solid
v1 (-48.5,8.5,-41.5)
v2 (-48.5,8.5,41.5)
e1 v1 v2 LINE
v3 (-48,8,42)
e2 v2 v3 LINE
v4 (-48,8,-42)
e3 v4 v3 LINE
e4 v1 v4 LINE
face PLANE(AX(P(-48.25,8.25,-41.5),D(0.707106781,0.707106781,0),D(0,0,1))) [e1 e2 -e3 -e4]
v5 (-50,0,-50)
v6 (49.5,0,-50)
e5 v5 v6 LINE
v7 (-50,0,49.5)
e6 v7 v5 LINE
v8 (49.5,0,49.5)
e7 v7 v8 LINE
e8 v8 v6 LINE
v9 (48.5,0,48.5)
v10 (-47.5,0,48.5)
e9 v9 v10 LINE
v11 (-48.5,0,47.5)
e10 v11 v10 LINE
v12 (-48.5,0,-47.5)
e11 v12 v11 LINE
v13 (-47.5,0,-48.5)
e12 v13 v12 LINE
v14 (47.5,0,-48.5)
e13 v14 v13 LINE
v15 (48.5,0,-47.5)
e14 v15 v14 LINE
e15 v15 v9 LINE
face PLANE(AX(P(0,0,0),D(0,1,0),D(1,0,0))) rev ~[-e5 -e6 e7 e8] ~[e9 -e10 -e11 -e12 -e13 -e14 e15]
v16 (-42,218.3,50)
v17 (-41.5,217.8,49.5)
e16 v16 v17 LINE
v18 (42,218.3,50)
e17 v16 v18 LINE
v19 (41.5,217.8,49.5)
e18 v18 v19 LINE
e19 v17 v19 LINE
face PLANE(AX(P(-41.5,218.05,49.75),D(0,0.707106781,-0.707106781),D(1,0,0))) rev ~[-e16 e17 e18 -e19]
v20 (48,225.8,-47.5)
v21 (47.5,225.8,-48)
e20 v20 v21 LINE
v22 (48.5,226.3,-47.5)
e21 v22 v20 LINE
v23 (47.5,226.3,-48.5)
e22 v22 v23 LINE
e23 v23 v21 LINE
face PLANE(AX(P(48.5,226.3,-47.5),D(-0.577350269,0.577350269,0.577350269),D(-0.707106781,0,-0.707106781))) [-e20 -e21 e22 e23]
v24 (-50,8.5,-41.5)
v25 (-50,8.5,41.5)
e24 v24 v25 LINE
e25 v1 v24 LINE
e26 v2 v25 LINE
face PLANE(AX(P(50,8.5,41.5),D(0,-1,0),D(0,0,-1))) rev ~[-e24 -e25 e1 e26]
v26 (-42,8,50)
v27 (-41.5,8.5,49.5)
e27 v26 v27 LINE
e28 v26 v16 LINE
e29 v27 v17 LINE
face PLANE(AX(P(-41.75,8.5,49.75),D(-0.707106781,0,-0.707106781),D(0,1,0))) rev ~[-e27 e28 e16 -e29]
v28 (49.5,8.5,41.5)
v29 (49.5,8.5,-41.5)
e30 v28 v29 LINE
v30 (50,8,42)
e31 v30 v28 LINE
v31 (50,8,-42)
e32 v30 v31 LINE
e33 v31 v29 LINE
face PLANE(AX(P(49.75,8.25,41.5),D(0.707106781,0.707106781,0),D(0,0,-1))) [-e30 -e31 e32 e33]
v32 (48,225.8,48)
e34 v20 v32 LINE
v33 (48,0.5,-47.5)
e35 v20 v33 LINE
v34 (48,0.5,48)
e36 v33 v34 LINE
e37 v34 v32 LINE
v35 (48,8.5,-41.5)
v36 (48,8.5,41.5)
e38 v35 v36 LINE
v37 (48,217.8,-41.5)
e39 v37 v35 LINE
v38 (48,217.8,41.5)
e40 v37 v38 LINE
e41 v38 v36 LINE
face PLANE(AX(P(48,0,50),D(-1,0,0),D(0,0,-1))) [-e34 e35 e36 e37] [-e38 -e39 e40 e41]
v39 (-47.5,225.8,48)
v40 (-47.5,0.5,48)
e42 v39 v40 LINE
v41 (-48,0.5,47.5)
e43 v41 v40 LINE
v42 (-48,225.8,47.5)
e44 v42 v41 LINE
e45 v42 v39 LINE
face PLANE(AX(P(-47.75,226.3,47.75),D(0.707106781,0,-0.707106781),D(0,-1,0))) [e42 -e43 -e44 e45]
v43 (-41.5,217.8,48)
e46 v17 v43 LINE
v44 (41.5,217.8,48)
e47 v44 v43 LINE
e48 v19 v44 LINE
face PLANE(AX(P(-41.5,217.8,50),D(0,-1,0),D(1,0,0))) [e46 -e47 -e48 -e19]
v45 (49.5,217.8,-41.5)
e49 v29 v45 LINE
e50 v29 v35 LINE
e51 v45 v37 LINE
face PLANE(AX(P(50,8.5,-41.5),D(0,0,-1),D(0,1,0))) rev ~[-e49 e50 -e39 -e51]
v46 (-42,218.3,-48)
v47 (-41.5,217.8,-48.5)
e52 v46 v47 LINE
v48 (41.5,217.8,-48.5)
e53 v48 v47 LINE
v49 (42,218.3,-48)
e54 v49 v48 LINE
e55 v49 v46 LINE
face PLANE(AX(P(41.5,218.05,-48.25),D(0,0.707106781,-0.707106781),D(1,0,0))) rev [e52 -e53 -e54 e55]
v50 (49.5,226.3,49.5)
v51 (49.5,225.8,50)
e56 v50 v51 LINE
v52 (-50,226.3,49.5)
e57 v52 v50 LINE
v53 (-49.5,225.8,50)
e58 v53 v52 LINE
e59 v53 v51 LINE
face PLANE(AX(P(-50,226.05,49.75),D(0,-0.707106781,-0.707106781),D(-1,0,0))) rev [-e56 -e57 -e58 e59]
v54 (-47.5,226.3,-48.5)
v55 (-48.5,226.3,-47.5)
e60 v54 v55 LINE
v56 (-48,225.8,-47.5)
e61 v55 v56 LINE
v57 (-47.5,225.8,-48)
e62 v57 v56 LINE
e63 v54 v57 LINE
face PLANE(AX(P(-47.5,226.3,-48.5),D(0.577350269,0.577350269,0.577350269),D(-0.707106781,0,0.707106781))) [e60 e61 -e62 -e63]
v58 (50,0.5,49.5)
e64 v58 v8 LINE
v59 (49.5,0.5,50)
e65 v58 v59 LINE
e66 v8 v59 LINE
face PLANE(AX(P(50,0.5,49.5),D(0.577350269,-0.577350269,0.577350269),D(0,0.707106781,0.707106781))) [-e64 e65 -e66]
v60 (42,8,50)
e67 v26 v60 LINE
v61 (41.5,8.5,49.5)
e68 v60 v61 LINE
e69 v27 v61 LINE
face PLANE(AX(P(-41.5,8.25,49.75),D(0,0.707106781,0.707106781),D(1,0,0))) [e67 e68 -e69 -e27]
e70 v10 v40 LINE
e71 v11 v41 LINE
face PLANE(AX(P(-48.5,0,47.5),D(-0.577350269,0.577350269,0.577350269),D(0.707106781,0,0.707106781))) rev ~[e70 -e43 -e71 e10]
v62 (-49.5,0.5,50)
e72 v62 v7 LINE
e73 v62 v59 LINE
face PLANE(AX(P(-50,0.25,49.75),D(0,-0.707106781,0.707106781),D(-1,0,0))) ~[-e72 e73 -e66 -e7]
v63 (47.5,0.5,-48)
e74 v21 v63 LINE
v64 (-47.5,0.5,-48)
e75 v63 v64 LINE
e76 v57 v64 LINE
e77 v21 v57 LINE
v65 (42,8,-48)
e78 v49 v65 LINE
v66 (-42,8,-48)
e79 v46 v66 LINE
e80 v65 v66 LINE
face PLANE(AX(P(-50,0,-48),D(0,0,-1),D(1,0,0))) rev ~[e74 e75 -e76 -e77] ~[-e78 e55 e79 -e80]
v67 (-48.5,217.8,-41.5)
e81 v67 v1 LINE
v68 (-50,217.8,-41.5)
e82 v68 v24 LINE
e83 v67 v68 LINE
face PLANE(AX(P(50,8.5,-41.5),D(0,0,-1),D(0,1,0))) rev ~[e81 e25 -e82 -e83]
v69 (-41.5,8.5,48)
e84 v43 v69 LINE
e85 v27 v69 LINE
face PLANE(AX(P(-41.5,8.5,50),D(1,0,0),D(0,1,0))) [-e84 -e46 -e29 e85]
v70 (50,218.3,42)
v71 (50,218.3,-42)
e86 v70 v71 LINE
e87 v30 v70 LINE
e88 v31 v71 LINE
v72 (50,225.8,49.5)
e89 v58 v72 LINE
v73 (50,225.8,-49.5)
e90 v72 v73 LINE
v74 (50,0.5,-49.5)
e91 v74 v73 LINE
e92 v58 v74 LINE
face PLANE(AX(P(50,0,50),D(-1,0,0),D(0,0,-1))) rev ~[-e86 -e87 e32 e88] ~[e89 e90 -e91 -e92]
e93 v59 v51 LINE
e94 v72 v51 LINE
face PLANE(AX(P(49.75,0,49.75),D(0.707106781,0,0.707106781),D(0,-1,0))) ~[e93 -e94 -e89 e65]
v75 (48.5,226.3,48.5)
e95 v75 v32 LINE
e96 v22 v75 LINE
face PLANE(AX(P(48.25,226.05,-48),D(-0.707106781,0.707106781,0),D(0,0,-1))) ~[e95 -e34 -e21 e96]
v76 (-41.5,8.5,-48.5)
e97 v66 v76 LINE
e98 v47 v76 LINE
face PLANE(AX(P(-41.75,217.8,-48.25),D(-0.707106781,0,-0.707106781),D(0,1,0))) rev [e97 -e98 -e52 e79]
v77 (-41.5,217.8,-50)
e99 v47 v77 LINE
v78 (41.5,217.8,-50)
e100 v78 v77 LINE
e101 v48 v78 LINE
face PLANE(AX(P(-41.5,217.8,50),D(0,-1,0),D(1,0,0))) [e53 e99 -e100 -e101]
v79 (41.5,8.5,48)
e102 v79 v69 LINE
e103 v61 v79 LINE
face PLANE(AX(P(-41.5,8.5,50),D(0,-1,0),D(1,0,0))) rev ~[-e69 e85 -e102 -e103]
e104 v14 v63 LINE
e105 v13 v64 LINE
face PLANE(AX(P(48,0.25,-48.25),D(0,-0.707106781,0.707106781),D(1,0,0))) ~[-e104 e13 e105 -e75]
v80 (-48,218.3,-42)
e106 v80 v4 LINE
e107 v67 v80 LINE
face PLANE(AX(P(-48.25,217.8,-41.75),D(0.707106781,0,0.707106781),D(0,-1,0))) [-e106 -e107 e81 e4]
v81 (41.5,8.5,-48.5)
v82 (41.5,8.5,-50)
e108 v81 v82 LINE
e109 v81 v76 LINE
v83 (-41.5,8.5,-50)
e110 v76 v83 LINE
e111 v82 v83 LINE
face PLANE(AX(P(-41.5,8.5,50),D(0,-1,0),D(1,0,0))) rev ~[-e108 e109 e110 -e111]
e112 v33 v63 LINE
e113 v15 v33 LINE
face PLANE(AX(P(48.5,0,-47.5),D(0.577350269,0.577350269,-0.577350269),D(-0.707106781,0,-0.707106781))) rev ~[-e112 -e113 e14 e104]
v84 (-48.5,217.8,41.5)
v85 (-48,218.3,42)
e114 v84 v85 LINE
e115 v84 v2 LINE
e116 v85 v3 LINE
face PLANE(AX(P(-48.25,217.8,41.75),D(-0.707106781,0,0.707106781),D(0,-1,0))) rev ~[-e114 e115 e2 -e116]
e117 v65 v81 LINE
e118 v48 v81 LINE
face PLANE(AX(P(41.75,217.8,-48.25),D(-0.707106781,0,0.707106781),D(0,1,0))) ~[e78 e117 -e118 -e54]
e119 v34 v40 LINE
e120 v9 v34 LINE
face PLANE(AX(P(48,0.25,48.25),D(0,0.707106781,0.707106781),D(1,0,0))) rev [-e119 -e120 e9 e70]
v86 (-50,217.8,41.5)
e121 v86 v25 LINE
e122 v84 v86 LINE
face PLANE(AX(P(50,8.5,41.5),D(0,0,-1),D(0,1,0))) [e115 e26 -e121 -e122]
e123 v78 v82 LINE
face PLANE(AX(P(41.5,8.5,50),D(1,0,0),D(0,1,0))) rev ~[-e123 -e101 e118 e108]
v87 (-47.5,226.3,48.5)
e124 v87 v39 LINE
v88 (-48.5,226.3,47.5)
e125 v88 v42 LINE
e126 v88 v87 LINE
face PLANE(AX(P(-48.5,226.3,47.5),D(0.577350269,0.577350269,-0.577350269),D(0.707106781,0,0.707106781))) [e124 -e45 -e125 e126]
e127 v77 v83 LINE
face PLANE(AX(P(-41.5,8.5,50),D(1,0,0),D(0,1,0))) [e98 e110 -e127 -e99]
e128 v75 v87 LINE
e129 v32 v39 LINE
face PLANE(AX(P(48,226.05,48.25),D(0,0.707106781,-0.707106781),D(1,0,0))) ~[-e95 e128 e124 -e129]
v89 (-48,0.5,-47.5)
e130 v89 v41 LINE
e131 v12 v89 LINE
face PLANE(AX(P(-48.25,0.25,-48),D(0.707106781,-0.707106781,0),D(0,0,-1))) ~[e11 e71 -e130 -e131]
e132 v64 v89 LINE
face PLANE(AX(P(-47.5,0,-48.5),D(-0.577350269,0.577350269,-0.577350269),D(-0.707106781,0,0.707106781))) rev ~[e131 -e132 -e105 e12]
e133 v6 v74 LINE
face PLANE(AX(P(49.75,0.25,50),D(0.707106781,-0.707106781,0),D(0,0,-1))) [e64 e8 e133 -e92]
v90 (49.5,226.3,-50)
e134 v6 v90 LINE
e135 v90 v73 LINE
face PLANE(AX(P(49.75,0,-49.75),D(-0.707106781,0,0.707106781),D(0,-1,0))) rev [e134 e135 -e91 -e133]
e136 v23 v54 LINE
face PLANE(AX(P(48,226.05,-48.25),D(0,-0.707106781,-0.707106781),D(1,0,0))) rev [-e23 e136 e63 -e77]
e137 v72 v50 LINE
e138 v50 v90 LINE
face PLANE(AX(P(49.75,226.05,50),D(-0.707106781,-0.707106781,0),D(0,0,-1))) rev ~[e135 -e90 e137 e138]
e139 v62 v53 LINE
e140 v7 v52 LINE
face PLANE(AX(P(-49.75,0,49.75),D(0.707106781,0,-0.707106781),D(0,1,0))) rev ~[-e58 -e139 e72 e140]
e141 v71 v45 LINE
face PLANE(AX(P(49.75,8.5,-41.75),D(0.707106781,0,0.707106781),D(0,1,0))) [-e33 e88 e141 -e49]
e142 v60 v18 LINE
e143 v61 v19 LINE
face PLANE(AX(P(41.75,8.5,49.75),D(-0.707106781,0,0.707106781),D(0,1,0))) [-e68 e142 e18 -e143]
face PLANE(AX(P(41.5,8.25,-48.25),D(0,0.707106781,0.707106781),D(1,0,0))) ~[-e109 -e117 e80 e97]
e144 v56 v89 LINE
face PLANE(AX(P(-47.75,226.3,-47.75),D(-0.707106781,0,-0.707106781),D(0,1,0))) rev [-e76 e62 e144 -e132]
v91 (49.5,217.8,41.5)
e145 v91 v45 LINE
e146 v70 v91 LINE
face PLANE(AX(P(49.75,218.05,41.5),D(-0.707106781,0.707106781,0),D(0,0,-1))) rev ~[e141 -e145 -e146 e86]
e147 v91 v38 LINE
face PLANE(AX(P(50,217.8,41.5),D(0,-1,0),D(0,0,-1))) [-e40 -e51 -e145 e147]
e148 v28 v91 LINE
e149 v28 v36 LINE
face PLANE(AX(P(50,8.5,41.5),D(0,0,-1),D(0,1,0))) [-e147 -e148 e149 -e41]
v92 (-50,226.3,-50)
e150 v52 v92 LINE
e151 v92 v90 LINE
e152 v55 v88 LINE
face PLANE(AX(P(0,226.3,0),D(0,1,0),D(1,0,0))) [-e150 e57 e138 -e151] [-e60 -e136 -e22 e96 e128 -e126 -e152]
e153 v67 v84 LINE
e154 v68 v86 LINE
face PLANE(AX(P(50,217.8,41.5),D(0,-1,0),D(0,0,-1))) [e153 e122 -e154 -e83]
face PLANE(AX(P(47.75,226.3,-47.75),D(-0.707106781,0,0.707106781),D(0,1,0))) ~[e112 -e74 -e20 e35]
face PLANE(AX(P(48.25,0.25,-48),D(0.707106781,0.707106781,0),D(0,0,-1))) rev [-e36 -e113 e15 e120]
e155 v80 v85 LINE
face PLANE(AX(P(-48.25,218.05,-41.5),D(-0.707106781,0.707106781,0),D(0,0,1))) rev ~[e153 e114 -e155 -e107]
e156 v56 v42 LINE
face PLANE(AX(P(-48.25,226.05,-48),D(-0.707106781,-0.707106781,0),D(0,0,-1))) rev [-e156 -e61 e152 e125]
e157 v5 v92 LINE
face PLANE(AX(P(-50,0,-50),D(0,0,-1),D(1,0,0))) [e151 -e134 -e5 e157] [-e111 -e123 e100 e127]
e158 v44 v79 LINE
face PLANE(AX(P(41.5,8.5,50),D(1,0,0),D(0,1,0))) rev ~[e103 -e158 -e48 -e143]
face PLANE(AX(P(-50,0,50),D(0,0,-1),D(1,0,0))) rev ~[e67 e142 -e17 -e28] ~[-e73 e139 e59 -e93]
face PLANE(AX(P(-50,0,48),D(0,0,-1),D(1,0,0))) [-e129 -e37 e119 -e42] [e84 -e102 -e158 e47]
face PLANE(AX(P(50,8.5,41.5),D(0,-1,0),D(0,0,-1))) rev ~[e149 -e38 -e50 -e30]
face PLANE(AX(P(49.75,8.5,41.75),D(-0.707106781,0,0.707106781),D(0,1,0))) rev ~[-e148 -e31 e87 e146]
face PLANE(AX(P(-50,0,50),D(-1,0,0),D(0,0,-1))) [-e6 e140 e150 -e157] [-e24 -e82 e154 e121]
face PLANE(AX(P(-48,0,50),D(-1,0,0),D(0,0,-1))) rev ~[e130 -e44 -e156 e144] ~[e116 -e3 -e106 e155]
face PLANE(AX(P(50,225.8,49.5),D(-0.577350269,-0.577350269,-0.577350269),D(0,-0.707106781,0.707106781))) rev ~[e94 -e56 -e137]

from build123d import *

# Parameters (mm, degrees)
SKETCH2_W           = 100
SKETCH2_H           = 100
BOSS_EXTRUDE1_DEPTH = 226.3
SHELL1_T            = -2
SKETCH3_W           = 83
SKETCH3_H           = 209.3
CUT_EXTRUDE1_DEPTH  = 253.411746953
SKETCH5_W           = 83
SKETCH5_H           = 209.3
CUT_EXTRUDE2_DEPTH  = 253.411746953
CHAMFER1_SIZE       = 0.5


with BuildPart() as part:
    # Sketch2 → Boss-Extrude1 (new body)
    with BuildSketch(Plane(origin=(0, 0, 0), x_dir=(1, 0, 0), z_dir=(0, 1, 0))):
        Rectangle(SKETCH2_W, SKETCH2_H)
    extrude(amount=BOSS_EXTRUDE1_DEPTH)

    # Shell1
    shell1_openings = [part.faces().sort_by_distance(p)[0] for p in [
        (0, 226.3, 0),
        (0, 0, 0),
    ]]
    offset(amount=SHELL1_T, openings=shell1_openings, kind=Kind.INTERSECTION)

    # Sketch3 → Cut-Extrude1 (cut, through all)
    with BuildSketch(Plane.XY.offset(50)):
        with Locations((0, 113.15)):
            Rectangle(SKETCH3_W, SKETCH3_H)
    extrude(amount=-CUT_EXTRUDE1_DEPTH, mode=Mode.SUBTRACT)

    # Sketch5 → Cut-Extrude2 (cut, through all)
    with BuildSketch(Plane(origin=(50, 0, 0), x_dir=(0, 0, -1), z_dir=(1, 0, 0))):
        with Locations((0, 113.15)):
            Rectangle(SKETCH5_W, SKETCH5_H)
    extrude(amount=-CUT_EXTRUDE2_DEPTH, mode=Mode.SUBTRACT)

    # Chamfer1
    chamfer1_edges = [part.edges().sort_by_distance(p)[0] for p in [
        (0, 226.3, 50),
        (48, 0, 0),
        (0, 0, -48),
        (48, 113.15, -48),
        (-48, 0, 0),
        (-48, 113.15, -48),
        (0, 0, 48),
        (-48, 113.15, 48),
        (48, 226.3, 0),
        (0, 226.3, -48),
        (-48, 226.3, 0),
        (0, 226.3, 48),
        (41.5, 113.15, -48),
        (0, 8.5, -48),
        (-41.5, 113.15, -48),
        (0, 217.8, -48),
        (41.5, 113.15, 50),
        (0, 217.8, 50),
        (-41.5, 113.15, 50),
        (0, 8.5, 50),
        (50, 226.3, 0),
        (0, 0, 50),
        (-48, 217.8, 0),
        (-48, 113.15, 41.5),
        (-48, 8.5, 0),
        (-48, 113.15, -41.5),
        (50, 0, 0),
        (50, 113.15, -41.5),
        (50, 217.8, 0),
        (50, 113.15, 41.5),
        (50, 8.5, 0),
        (50, 113.15, 50),
        (-50, 113.15, 50),
        (50, 113.15, -50),
    ]]
    chamfer(chamfer1_edges, length=CHAMFER1_SIZE)


solid = part.part
